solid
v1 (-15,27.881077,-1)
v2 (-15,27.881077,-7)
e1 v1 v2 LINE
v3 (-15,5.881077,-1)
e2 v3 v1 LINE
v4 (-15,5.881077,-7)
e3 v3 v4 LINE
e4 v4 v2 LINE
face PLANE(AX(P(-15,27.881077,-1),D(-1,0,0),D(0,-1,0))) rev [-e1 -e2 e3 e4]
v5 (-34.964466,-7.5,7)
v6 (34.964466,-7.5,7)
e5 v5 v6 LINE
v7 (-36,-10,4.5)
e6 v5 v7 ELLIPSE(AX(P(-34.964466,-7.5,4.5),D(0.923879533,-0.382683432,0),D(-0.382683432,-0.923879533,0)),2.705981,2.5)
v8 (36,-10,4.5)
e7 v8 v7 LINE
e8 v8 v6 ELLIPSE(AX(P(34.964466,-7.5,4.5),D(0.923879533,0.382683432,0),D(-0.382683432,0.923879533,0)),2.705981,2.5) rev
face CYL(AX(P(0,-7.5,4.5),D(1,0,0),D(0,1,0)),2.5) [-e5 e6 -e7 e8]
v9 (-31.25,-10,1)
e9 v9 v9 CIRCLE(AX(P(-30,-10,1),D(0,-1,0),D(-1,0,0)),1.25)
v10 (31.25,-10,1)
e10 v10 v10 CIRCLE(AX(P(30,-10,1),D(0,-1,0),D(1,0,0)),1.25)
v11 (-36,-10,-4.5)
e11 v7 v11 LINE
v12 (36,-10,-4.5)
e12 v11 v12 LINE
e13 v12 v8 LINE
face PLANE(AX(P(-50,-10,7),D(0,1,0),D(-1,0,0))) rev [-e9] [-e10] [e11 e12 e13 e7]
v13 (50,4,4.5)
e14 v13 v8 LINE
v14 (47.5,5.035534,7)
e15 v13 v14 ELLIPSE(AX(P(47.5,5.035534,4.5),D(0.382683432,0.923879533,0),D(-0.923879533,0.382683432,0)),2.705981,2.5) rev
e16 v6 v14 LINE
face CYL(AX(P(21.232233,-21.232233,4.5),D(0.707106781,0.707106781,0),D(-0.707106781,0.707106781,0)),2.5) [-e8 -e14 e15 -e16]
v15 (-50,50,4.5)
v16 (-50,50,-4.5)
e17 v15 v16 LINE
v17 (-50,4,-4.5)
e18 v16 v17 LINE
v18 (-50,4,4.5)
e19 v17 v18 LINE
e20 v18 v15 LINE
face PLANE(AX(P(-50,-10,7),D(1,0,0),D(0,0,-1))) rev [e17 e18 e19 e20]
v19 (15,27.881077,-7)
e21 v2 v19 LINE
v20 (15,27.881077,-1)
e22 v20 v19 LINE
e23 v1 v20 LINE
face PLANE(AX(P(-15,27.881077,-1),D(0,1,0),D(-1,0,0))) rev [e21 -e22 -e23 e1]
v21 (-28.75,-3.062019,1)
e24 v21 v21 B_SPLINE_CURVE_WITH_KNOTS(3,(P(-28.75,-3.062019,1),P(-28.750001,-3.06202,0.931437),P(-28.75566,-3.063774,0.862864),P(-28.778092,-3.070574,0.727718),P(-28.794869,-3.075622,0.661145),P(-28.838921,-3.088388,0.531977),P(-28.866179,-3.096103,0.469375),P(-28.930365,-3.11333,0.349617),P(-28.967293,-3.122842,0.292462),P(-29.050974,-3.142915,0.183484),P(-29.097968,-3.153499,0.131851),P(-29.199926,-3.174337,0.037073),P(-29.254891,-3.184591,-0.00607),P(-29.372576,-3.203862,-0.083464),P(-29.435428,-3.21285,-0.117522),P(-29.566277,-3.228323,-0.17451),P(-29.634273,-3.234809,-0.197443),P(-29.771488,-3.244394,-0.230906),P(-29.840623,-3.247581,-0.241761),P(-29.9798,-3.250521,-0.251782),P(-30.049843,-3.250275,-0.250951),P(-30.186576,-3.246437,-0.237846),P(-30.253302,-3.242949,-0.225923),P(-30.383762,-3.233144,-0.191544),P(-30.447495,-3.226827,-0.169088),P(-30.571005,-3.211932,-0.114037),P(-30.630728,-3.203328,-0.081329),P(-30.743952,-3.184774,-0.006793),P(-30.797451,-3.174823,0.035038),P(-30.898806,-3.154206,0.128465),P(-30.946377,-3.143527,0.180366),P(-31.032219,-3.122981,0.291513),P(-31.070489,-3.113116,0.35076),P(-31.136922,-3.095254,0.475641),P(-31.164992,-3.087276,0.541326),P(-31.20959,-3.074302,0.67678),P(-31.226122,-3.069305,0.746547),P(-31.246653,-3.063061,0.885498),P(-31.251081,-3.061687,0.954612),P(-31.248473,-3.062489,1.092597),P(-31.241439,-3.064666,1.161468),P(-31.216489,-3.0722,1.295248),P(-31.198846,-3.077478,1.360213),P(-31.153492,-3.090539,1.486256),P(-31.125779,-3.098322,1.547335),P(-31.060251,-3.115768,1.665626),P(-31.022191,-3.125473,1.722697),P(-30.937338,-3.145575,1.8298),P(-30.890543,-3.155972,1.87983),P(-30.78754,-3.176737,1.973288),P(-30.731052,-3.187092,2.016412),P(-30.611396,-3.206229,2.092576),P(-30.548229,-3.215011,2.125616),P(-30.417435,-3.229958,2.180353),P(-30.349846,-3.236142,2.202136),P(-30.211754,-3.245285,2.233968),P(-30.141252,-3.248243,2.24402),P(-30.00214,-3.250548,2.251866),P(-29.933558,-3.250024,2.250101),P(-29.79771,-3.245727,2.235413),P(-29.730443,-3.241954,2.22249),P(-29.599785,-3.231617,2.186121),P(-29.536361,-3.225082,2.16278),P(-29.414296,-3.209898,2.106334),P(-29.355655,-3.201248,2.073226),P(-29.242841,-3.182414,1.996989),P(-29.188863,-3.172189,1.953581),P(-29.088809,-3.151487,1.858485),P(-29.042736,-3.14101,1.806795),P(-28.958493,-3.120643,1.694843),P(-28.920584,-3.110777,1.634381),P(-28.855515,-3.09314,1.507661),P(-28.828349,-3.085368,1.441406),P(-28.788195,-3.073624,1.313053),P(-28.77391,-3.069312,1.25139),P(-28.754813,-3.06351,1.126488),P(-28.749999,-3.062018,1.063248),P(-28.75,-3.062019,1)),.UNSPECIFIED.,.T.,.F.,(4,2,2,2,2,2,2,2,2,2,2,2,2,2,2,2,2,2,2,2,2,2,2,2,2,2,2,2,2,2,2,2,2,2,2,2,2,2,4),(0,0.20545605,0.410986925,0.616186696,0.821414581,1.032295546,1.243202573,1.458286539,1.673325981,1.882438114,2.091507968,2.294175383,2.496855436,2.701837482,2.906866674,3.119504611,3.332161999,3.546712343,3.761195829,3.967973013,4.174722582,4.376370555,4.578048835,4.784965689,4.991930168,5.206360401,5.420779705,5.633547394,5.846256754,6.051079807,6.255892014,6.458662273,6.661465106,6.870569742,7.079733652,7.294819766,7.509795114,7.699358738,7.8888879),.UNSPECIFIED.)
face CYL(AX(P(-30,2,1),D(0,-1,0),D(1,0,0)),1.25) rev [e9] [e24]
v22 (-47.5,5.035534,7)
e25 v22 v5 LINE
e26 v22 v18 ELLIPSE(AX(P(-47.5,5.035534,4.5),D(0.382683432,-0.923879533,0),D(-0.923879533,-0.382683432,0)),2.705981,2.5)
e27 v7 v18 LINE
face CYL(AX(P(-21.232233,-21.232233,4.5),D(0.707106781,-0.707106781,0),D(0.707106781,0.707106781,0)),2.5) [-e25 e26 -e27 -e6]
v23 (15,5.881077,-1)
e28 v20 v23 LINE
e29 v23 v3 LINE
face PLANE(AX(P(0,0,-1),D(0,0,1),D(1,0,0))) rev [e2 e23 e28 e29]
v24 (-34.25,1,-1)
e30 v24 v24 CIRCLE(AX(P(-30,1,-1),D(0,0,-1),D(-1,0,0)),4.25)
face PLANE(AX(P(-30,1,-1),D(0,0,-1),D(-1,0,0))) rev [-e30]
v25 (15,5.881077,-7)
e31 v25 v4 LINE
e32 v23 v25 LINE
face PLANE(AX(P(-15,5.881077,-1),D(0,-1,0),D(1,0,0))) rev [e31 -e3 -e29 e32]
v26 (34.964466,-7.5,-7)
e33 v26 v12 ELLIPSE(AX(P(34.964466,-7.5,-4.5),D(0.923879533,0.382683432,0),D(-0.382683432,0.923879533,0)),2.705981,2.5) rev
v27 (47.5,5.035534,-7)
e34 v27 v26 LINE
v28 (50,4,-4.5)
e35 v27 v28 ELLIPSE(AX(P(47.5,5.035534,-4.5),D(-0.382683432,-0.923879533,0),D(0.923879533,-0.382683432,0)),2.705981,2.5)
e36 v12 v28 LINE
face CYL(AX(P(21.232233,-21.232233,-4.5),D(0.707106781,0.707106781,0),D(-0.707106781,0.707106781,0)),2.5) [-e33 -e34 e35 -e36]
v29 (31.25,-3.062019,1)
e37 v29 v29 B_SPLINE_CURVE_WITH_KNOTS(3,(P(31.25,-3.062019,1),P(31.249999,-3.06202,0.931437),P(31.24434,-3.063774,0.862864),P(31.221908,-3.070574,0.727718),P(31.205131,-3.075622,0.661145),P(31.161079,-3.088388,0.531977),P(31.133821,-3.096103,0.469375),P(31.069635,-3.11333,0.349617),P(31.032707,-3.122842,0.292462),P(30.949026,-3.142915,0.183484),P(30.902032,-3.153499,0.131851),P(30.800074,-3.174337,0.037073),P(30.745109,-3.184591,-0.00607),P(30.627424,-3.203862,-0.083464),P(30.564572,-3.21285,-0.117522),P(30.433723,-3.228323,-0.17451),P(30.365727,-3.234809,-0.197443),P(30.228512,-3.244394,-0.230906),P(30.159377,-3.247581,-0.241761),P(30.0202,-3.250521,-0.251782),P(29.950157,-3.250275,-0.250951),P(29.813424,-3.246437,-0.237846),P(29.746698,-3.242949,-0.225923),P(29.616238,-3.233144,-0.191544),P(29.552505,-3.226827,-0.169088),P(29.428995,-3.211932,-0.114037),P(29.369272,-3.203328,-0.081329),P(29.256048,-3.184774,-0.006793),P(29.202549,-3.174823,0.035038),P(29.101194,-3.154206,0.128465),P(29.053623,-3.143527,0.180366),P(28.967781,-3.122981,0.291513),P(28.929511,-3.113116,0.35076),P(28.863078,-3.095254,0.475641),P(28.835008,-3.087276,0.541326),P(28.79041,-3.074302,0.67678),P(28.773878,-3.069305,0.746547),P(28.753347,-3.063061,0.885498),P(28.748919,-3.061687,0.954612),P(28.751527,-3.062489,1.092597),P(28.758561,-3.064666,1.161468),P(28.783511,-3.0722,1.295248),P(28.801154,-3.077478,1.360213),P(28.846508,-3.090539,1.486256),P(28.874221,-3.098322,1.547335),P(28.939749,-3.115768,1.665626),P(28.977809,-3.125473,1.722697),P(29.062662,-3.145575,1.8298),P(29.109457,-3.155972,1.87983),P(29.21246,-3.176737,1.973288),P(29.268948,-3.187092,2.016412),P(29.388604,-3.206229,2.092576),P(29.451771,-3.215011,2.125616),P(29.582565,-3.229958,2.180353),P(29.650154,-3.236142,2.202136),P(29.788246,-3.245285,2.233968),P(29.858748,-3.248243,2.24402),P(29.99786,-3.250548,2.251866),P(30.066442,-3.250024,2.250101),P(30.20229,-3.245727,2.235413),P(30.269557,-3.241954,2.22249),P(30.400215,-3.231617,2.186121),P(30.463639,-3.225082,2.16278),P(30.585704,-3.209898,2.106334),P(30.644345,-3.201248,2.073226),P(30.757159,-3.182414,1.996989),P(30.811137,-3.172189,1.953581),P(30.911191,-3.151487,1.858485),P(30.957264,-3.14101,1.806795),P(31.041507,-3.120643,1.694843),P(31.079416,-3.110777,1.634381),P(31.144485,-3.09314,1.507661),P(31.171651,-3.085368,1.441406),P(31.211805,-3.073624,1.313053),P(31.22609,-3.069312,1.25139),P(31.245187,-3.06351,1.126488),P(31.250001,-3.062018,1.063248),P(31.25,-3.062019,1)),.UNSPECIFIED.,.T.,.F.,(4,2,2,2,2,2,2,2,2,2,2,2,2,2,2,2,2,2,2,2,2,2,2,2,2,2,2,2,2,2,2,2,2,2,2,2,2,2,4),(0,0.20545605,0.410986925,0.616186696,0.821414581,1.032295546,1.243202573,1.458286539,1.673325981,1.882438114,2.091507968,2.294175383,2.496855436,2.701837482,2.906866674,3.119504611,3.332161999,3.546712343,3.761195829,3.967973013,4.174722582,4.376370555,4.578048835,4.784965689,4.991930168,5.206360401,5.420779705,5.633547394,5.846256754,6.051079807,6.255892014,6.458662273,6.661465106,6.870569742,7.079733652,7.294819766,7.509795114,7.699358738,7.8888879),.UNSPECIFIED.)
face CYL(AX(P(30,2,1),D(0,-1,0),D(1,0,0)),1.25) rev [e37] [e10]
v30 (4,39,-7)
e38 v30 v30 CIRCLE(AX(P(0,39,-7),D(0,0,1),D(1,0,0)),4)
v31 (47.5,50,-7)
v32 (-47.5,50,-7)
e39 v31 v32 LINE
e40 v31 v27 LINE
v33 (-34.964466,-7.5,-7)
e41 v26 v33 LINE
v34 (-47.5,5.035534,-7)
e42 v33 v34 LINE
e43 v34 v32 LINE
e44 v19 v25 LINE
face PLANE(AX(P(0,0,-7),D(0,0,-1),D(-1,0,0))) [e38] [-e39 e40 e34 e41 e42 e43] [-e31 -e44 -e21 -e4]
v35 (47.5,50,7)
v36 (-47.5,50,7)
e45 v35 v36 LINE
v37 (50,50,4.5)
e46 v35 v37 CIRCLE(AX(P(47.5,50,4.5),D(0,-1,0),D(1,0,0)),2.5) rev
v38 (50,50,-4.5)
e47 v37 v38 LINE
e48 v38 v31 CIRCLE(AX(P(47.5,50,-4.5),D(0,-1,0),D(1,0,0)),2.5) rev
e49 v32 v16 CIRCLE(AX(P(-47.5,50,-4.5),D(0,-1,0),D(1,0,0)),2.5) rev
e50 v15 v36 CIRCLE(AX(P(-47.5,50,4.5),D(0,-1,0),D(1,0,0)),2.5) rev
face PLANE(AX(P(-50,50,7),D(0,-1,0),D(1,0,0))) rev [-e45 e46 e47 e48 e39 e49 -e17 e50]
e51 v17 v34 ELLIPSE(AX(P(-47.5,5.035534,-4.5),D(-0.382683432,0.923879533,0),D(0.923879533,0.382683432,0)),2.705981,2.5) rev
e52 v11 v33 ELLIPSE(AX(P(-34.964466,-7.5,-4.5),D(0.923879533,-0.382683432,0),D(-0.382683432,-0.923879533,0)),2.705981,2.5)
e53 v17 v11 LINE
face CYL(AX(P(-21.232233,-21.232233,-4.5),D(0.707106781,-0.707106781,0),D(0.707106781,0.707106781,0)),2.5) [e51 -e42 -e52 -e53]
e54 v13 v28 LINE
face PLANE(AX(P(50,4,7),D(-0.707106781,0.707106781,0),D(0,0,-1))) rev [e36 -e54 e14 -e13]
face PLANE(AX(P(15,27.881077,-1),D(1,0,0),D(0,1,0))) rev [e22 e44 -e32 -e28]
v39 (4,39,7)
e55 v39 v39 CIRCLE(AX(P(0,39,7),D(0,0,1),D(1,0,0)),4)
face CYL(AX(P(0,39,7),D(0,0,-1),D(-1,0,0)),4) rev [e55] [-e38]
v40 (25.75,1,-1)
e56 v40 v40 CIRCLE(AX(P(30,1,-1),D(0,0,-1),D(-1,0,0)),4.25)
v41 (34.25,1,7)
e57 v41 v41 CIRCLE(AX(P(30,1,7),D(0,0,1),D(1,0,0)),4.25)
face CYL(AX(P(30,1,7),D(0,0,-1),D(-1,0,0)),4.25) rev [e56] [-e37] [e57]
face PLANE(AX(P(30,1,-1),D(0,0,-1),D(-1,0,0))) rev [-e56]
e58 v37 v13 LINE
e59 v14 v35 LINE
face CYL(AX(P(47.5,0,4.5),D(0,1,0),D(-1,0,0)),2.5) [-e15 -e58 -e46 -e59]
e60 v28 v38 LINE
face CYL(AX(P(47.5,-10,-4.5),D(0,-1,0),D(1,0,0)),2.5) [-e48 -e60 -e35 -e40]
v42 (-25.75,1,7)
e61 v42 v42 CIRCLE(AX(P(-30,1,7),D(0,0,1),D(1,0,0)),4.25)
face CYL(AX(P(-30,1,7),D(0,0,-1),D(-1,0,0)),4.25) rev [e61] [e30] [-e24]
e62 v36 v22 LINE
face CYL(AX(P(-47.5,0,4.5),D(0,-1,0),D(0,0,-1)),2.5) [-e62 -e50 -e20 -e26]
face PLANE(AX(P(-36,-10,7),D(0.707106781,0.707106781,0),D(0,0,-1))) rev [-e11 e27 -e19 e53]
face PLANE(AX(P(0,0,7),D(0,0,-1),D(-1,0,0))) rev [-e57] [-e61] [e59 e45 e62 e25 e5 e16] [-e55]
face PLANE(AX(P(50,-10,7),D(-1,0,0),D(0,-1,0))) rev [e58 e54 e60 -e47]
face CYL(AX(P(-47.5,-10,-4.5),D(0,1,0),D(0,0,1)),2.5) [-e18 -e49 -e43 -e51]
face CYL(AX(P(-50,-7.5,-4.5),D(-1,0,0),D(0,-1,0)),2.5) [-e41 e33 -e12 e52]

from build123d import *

# Parameters (mm, degrees)
SKETCH1_W           = 100
SKETCH1_H           = 60
SKETCH1_R           = 4.25
SKETCH1_R_2         = 4
BOSS_EXTRUDE1_DEPTH = 7
SKETCH2_R           = 6.457332118
BOSS_EXTRUDE2_DEPTH = 6
CHAMFER1_SIZE       = 14
FILLET2_R           = 2.5
SKETCH3_W           = 30
SKETCH3_H           = 22
CUT_EXTRUDE1_DEPTH  = 6
SKETCH4_R           = 1.25
CUT_EXTRUDE2_DEPTH  = 12


with BuildPart() as part:
    # Sketch1 → Boss-Extrude1 (new body, symmetric)
    with BuildSketch(Plane.XY):
        with Locations((0, 20)):
            Rectangle(SKETCH1_W, SKETCH1_H)
        with Locations((30, 1)):
            Circle(SKETCH1_R, mode=Mode.SUBTRACT)
        with Locations((-30, 1)):
            Circle(SKETCH1_R, mode=Mode.SUBTRACT)
        with Locations((0, 39)):
            Circle(SKETCH1_R_2, mode=Mode.SUBTRACT)
    extrude(amount=BOSS_EXTRUDE1_DEPTH, both=True)

    # Sketch2 → Boss-Extrude2 (add)
    with BuildSketch(Plane(origin=(0, 0, -7), x_dir=(-1, 0, 0), z_dir=(0, 0, -1))):
        with Locations((-30, 1)):
            Circle(SKETCH2_R)
        with Locations((30, 1)):
            Circle(SKETCH2_R)
    extrude(amount=-BOSS_EXTRUDE2_DEPTH)

    # Chamfer1
    chamfer1_edges = [part.edges().sort_by_distance(p)[0] for p in [
        (50, -10, 0),
        (-50, -10, 0),
    ]]
    chamfer(chamfer1_edges, length=CHAMFER1_SIZE)

    # Fillet2
    fillet2_edges = [part.edges().sort_by_distance(p)[0] for p in [
        (0, -10, -7),
        (0, -10, 7),
        (-50, 27, 7),
        (50, 27, -7),
        (43, -3, -7),
        (-43, -3, -7),
        (50, 27, 7),
        (43, -3, 7),
        (-43, -3, 7),
        (-50, 27, -7),
    ]]
    fillet(fillet2_edges, radius=FILLET2_R)

    # Sketch3 → Cut-Extrude1 (cut)
    with BuildSketch(Plane(origin=(0, 0, -7), x_dir=(-1, 0, 0), z_dir=(0, 0, -1))):
        with Locations((0, 16.881077189)):
            Rectangle(SKETCH3_W, SKETCH3_H)
    extrude(amount=-CUT_EXTRUDE1_DEPTH, mode=Mode.SUBTRACT)

    # Sketch4 → Cut-Extrude2 (cut)
    with BuildSketch(Plane.XZ.offset(10)):
        with Locations((30, 1)):
            Circle(SKETCH4_R)
        with Locations((-30, 1)):
            Circle(SKETCH4_R)
    extrude(amount=-CUT_EXTRUDE2_DEPTH, mode=Mode.SUBTRACT)


solid = part.part
